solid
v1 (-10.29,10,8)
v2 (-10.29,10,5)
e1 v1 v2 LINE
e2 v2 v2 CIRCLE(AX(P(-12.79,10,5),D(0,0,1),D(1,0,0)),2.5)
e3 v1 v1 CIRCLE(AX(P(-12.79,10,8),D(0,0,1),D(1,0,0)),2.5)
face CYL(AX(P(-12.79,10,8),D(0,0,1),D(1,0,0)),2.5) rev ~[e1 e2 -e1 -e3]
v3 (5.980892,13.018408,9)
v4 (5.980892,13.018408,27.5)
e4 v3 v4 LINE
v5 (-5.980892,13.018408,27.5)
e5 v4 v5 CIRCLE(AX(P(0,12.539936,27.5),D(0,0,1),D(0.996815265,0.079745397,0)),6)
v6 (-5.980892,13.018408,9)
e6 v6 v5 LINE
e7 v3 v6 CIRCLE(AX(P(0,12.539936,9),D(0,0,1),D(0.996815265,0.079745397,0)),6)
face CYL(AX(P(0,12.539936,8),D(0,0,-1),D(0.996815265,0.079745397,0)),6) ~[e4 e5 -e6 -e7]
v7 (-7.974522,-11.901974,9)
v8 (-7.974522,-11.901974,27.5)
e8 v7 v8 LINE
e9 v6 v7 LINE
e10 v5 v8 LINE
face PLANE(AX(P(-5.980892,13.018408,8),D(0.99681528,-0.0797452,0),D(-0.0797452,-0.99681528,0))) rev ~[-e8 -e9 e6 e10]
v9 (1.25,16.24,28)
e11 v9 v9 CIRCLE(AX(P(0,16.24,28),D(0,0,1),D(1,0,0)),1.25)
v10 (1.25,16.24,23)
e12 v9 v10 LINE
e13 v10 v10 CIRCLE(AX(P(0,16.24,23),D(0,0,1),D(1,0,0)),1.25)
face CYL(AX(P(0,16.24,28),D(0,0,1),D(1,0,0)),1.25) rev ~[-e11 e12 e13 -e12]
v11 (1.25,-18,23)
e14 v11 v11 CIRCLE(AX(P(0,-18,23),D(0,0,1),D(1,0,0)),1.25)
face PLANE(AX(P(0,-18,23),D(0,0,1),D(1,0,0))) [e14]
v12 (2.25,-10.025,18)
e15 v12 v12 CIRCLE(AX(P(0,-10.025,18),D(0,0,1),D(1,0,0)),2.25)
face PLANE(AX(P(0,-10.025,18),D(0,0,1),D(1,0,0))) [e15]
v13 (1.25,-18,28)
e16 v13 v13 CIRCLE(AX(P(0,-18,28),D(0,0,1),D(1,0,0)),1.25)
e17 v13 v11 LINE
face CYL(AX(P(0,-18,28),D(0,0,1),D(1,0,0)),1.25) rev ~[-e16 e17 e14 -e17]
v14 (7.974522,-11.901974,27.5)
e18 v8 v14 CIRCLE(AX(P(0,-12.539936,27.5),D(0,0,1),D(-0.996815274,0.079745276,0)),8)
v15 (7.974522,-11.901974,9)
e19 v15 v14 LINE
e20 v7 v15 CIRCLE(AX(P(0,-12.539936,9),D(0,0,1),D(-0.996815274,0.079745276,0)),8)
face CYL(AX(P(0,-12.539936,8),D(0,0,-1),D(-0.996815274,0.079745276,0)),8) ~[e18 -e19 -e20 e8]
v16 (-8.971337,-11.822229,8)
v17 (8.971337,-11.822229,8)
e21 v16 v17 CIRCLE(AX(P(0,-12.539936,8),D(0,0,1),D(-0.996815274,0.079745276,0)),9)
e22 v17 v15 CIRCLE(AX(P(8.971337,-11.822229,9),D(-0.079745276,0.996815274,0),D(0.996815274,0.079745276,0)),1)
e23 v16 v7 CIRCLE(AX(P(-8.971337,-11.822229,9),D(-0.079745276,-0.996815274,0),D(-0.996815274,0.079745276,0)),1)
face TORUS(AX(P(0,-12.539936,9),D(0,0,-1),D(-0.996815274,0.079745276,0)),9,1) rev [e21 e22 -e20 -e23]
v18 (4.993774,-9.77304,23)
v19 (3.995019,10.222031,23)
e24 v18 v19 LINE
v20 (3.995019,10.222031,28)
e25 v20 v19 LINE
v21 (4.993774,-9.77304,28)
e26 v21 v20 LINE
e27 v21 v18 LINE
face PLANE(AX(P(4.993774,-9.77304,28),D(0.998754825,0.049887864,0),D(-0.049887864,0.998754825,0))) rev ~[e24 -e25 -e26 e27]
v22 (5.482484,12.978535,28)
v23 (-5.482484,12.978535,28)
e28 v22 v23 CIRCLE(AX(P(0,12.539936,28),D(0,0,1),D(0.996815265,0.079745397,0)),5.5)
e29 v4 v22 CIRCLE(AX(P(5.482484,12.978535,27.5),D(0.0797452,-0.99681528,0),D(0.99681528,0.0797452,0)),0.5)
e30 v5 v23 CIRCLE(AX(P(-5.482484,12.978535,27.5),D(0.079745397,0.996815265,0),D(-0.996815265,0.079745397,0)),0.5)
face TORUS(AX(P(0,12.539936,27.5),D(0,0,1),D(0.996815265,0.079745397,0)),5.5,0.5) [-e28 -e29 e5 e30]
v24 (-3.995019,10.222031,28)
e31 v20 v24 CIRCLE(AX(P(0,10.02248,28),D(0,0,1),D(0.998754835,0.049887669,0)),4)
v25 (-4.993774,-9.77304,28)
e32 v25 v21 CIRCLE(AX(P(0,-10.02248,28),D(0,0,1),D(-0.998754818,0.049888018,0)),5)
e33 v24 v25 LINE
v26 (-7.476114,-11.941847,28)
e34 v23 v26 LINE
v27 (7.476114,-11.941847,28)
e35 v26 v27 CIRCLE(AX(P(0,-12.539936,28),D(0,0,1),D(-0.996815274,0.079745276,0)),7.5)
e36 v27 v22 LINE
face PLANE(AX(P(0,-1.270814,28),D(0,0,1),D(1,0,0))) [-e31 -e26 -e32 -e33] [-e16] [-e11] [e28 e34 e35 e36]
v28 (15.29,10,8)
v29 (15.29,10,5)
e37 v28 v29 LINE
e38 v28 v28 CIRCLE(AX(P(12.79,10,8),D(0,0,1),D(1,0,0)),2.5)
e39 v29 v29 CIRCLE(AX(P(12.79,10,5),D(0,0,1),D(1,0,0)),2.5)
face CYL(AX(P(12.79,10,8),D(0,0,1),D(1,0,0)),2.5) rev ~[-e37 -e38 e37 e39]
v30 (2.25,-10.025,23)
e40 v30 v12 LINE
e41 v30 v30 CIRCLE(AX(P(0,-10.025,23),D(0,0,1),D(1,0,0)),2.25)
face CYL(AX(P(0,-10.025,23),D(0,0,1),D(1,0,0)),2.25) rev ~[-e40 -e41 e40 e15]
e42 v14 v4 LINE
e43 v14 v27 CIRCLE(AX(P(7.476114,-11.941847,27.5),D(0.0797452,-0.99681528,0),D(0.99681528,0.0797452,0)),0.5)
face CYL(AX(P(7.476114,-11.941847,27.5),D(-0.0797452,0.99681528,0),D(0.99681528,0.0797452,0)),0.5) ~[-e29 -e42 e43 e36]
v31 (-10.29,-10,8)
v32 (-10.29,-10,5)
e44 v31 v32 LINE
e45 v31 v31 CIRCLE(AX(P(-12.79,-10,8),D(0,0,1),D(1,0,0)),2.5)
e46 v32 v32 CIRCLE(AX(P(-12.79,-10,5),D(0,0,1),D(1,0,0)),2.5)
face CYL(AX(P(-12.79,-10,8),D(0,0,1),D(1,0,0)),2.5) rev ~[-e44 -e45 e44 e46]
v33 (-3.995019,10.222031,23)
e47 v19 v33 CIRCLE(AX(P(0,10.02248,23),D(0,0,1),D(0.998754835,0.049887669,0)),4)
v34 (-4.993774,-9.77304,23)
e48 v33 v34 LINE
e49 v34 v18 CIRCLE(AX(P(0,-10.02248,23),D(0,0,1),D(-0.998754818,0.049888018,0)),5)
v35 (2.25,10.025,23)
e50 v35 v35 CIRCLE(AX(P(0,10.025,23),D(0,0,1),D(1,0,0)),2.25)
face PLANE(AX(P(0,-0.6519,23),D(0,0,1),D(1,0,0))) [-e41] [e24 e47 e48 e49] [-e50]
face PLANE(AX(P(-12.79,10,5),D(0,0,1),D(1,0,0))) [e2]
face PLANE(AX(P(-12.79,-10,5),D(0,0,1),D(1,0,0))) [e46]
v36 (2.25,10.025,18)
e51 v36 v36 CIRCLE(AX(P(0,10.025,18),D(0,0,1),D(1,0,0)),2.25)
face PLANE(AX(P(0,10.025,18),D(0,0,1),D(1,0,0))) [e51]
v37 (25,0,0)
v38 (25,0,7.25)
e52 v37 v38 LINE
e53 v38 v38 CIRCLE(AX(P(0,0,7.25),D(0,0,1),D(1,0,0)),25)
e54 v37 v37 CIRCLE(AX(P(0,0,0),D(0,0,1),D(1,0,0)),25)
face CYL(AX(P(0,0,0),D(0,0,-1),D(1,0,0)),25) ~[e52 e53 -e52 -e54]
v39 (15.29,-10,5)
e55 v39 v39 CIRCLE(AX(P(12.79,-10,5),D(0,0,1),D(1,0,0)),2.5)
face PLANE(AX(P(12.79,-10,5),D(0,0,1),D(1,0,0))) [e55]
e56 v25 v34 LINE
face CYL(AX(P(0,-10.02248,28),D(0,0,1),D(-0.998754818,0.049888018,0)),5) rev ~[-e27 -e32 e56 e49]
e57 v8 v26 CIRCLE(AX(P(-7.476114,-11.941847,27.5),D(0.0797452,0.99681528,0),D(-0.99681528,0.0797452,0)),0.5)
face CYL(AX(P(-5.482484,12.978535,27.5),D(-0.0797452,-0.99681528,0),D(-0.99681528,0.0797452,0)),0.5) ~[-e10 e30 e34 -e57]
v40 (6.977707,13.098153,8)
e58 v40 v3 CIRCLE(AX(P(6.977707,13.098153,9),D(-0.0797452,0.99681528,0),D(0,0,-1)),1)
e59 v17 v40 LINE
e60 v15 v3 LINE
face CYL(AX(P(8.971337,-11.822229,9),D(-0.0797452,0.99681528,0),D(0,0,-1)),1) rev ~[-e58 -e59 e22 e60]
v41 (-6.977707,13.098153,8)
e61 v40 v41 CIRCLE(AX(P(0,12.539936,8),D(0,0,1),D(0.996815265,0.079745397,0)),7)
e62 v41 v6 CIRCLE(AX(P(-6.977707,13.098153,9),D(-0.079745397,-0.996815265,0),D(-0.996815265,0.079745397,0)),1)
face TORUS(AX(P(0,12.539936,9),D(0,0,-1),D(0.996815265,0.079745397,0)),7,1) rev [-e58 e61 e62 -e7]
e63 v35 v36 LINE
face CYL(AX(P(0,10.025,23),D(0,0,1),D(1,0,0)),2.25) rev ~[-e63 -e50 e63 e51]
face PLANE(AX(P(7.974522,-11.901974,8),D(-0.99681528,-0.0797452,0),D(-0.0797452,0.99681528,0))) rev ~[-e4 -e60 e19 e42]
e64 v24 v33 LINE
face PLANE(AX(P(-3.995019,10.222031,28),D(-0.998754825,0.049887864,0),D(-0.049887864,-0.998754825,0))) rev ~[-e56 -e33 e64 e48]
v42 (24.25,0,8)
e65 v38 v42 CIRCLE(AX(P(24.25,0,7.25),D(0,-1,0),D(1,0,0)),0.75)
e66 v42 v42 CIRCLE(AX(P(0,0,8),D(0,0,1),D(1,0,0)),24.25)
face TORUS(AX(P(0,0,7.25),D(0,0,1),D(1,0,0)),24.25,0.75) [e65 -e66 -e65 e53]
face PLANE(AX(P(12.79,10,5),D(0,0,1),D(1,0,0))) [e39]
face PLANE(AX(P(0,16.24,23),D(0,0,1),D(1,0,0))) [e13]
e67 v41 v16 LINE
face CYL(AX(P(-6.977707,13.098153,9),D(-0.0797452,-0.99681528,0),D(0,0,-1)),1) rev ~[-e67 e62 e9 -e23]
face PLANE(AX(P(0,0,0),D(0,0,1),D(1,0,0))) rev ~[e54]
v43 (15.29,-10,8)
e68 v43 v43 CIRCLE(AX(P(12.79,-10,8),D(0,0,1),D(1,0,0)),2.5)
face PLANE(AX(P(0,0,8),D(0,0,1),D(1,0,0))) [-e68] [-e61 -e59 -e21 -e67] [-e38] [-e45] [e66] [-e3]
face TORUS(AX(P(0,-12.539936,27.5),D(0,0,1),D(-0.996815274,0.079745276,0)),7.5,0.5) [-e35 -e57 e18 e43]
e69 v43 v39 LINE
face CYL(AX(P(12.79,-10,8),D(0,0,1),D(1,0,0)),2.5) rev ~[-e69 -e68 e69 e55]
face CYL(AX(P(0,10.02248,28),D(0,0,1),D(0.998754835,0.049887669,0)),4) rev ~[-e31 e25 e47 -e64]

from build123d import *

# Parameters (mm, degrees)
SKETCH_R        = 25
PAD_DEPTH       = 8
PAD001_DEPTH    = 20
SKETCH002_R     = 2.5
POCKET_DEPTH    = 3
POCKET001_DEPTH = 5
SKETCH004_R     = 2.25
POCKET002_DEPTH = 5
SKETCH005_R     = 1.25
POCKET003_DEPTH = 5
FILLET_R        = 0.75
FILLET001_R     = 1
FILLET002_R     = 0.5


with BuildPart() as part:
    # Sketch → Pad (new body)
    with BuildSketch(Plane.XY):
        Circle(SKETCH_R)
    extrude(amount=PAD_DEPTH)

    # Sketch001 (on Face3 of Pad) → Pad001 (join)
    with BuildSketch(Plane.XY.offset(8)):
        with BuildLine():
            ThreePointArc((5.980892, 13.018408), (0, 18.539936), (-5.980892, 13.018408))
            Line((-5.980892, 13.018408), (-7.974522, -11.901974))
            ThreePointArc((-7.974522, -11.901974), (0, -20.539936), (7.974522, -11.901974))
            Line((7.974522, -11.901974), (5.980892, 13.018408))
        make_face()
    extrude(amount=PAD001_DEPTH)

    # Sketch002 (on Face3 of Pad001) → Pocket (cut)
    with BuildSketch(Plane.XY.offset(8)):
        with Locations((12.79, 10)):
            Circle(SKETCH002_R)
        with Locations((12.79, -10)):
            Circle(SKETCH002_R)
        with Locations((-12.79, -10)):
            Circle(SKETCH002_R)
        with Locations((-12.79, 10)):
            Circle(SKETCH002_R)
    extrude(amount=-POCKET_DEPTH, mode=Mode.SUBTRACT)

    # Sketch003 (on Face14 of Pocket) → Pocket001 (cut)
    with BuildSketch(Plane.XY.offset(28)):
        with BuildLine():
            ThreePointArc((3.995019, 10.222031), (0, 14.02248), (-3.995019, 10.222031))
            Line((-3.995019, 10.222031), (-4.993774, -9.77304))
            ThreePointArc((-4.993774, -9.77304), (0, -15.02248), (4.993774, -9.77304))
            Line((4.993774, -9.77304), (3.995019, 10.222031))
        make_face()
    extrude(amount=-POCKET001_DEPTH, mode=Mode.SUBTRACT)

    # Sketch004 (on Face21 of Pocket001) → Pocket002 (cut)
    with BuildSketch(Plane.XY.offset(23)):
        with Locations((0, 10.025)):
            Circle(SKETCH004_R)
        with Locations((0, -10.025)):
            Circle(SKETCH004_R)
    extrude(amount=-POCKET002_DEPTH, mode=Mode.SUBTRACT)

    # Sketch005 (on Face14 of Pocket002) → Pocket003 (cut)
    with BuildSketch(Plane.XY.offset(28)):
        with Locations((0, 16.24)):
            Circle(SKETCH005_R)
        with Locations((0, -18)):
            Circle(SKETCH005_R)
    extrude(amount=-POCKET003_DEPTH, mode=Mode.SUBTRACT)

    # Fillet
    fillet_edges = [part.edges().sort_by_distance(p)[0] for p in [
        (-25, 0, 8),
    ]]
    fillet(fillet_edges, radius=FILLET_R)

    # Fillet001
    fillet001_edges = [part.edges().sort_by_distance(p)[0] for p in [
        (0, -20.539936, 8),
    ]]
    fillet(fillet001_edges, radius=FILLET001_R)

    # Fillet002
    fillet002_edges = [part.edges().sort_by_distance(p)[0] for p in [
        (6.977707, 0.558217, 28),
    ]]
    fillet(fillet002_edges, radius=FILLET002_R)


solid = part.part
